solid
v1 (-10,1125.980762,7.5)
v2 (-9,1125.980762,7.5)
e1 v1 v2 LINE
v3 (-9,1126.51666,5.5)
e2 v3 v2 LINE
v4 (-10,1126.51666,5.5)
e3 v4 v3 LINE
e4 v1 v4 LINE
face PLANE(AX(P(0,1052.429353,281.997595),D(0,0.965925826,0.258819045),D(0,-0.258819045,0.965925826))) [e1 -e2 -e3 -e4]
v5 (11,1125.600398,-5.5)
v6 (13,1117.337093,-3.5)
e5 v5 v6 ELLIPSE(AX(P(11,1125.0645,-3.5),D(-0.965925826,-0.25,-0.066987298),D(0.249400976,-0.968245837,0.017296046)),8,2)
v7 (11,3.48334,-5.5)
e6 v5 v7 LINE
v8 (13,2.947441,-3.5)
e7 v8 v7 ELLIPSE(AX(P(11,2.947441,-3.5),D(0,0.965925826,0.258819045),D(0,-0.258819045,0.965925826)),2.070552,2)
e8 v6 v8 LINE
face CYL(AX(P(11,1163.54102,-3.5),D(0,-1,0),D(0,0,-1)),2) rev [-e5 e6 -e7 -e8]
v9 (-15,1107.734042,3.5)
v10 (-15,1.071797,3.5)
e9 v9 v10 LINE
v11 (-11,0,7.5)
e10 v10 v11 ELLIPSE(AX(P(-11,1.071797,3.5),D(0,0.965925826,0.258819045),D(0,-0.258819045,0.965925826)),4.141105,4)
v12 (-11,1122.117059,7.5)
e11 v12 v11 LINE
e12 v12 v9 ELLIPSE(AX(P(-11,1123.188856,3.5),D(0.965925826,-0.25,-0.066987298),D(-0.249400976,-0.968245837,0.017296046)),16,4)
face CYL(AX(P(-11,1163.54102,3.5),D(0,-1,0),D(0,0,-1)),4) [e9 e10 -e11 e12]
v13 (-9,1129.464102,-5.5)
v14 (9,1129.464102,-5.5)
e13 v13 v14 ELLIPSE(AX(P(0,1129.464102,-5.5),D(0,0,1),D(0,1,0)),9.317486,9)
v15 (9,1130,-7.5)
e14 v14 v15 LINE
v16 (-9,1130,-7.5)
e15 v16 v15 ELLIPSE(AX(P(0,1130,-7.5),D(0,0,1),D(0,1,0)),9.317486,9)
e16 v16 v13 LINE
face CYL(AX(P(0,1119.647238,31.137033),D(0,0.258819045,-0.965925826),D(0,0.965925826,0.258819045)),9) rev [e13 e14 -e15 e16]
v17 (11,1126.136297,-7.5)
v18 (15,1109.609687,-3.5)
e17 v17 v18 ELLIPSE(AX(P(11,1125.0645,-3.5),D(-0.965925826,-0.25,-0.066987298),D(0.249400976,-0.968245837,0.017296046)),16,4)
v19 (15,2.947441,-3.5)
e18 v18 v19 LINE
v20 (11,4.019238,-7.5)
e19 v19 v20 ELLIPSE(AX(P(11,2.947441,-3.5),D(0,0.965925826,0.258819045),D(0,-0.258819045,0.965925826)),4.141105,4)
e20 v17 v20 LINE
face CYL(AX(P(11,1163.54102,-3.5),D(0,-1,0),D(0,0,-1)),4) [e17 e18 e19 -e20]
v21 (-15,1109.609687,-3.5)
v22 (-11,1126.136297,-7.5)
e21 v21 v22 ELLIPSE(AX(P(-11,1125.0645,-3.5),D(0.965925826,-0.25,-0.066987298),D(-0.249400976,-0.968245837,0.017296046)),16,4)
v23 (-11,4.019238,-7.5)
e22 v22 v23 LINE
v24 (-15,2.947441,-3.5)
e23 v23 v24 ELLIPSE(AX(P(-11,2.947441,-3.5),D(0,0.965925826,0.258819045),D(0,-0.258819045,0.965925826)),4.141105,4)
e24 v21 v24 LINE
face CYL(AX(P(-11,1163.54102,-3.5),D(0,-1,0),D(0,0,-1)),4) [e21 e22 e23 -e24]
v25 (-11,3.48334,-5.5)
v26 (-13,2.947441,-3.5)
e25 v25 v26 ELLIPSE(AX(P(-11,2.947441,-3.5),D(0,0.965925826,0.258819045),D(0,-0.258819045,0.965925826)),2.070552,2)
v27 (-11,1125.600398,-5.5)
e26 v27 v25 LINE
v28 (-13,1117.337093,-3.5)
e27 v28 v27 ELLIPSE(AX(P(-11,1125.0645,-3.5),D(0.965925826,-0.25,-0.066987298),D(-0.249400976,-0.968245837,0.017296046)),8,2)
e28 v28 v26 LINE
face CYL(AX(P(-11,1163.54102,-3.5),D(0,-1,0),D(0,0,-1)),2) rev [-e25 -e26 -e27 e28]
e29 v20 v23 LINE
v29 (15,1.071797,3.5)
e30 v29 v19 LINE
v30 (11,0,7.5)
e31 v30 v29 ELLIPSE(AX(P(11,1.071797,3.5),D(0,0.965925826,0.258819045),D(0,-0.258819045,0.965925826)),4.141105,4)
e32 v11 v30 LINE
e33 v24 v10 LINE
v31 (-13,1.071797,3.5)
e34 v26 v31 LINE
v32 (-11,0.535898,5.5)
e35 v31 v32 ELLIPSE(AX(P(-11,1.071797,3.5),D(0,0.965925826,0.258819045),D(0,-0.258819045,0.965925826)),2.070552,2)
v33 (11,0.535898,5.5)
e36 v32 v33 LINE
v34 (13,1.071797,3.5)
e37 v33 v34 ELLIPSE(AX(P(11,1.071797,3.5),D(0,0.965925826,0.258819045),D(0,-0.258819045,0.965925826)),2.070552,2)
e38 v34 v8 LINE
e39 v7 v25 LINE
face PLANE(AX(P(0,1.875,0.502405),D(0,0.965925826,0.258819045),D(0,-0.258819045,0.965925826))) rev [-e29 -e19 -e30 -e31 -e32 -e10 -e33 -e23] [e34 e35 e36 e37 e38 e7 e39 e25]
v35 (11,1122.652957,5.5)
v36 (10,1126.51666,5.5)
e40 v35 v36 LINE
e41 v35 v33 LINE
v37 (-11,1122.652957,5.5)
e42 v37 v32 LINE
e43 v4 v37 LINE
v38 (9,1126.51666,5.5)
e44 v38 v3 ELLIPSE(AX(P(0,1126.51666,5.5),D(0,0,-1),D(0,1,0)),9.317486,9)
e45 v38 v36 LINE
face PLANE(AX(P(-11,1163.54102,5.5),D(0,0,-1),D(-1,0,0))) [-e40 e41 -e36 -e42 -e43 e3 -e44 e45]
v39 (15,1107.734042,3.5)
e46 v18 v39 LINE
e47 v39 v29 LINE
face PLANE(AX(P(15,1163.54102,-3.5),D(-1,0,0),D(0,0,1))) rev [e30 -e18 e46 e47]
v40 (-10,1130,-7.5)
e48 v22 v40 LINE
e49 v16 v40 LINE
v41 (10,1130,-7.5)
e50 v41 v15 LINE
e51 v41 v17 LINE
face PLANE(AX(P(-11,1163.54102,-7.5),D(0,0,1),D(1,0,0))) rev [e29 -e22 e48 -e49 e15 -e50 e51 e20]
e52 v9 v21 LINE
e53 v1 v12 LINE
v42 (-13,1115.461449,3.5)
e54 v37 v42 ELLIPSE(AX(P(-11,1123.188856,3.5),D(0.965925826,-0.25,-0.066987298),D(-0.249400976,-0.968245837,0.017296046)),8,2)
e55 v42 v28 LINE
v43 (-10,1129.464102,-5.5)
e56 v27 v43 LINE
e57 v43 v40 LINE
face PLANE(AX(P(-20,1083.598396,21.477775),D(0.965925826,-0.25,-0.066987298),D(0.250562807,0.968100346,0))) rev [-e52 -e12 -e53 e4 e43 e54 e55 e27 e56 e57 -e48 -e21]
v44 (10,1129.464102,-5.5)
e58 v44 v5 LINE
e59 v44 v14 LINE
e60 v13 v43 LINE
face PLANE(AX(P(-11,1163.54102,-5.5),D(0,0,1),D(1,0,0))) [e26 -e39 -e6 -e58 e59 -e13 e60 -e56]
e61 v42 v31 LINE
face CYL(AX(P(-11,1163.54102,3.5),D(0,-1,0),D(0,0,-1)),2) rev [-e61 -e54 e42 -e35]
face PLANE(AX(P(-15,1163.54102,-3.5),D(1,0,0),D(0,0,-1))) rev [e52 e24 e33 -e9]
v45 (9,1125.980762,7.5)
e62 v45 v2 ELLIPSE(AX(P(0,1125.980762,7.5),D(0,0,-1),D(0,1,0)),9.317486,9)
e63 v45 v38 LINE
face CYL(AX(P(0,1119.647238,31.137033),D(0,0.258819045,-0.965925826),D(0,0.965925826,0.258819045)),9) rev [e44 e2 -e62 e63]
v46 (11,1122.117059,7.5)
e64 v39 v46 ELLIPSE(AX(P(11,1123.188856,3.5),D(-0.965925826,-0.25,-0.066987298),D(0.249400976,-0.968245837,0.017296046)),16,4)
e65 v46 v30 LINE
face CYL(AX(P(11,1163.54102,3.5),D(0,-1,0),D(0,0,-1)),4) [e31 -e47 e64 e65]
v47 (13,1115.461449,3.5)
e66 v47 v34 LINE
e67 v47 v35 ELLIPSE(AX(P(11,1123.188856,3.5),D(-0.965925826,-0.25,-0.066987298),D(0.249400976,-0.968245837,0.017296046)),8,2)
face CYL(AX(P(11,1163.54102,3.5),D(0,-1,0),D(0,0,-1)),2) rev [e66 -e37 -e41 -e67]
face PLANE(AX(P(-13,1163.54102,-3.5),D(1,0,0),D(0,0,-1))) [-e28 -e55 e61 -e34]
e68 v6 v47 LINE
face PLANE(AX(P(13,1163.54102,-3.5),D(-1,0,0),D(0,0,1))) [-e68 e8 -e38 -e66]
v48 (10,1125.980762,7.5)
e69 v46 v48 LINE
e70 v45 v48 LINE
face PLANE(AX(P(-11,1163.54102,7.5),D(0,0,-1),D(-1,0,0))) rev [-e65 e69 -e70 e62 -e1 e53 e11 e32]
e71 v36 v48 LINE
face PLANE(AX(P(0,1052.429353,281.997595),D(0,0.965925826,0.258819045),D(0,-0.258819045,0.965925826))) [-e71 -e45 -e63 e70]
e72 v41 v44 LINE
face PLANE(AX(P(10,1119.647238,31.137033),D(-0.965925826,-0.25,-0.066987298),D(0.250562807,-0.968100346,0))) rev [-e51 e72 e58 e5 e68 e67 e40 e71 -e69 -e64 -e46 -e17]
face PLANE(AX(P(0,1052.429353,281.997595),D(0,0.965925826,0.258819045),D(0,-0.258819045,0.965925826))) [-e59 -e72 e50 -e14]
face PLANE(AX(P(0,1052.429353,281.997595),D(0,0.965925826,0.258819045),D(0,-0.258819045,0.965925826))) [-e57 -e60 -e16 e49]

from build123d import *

# Parameters (mm, degrees)
EXTRUDE_1_DEPTH     = 1130
CUT_EXTRUDE_1_DEPTH = 40


with BuildPart() as part:
    # Эскиз1 → Вытянуть-Тонкостенный1 (new body)
    with BuildSketch(Plane(origin=(0, 0, 0), x_dir=(1, 0, 0), z_dir=(0, 1, 0))):
        with BuildLine():
            Line((-11, 7.5), (11, 7.5))
            ThreePointArc((11, 7.5), (13.828427125, 6.328427125), (15, 3.5))
            Line((15, 3.5), (15, -3.5))
            ThreePointArc((15, -3.5), (13.828427125, -6.328427125), (11, -7.5))
            Line((11, -7.5), (-11, -7.5))
            ThreePointArc((-11, -7.5), (-13.828427125, -6.328427125), (-15, -3.5))
            Line((-15, -3.5), (-15, 3.5))
            ThreePointArc((-15, 3.5), (-13.828427125, 6.328427125), (-11, 7.5))
        make_face()
        with BuildLine():
            Line((-11, 5.5), (11, 5.5))
            ThreePointArc((11, 5.5), (12.414213562, 4.914213562), (13, 3.5))
            Line((13, 3.5), (13, -3.5))
            ThreePointArc((13, -3.5), (12.414213562, -4.914213562), (11, -5.5))
            Line((11, -5.5), (-11, -5.5))
            ThreePointArc((-11, -5.5), (-12.414213562, -4.914213562), (-13, -3.5))
            Line((-13, -3.5), (-13, 3.5))
            ThreePointArc((-13, 3.5), (-12.414213562, 4.914213562), (-11, 5.5))
        make_face(mode=Mode.SUBTRACT)
    extrude(amount=EXTRUDE_1_DEPTH)

    # Surface Cut 2
    split(bisect_by=Plane(origin=(0, 1052.429353138, 281.997595264), x_dir=(-1, 0, 0), z_dir=(0, 0.9659258262890681, 0.25881904510252135)), keep=Keep.BOTTOM)

    # Эскиз4 → Вырез-Вытянуть1 (cut)
    with BuildSketch(Plane(origin=(0, 77.570646862, -289.497595264), x_dir=(-1, 0, 0), z_dir=(0, 0.25881904510252135, -0.9659258262890681))):
        with BuildLine():
            Line((-9, 1089.555040868), (-10, 1089.555040868))
            Line((-10, 1089.555040868), (-20, 1052.234532793))
            Line((-20, 1052.234532793), (-20, 1094.555040868))
            Line((-20, 1094.555040868), (20, 1094.555040868))
            Line((20, 1094.555040868), (20, 1052.234532793))
            Line((20, 1052.234532793), (10, 1089.555040868))
            Line((10, 1089.555040868), (9, 1089.555040868))
            ThreePointArc((9, 1089.555040868), (0, 1080.555040868), (-9, 1089.555040868))
        make_face()
    extrude(amount=-CUT_EXTRUDE_1_DEPTH, mode=Mode.SUBTRACT)

    # Surface Cut 3
    split(bisect_by=Plane(origin=(0, 1.875, 0.502404736), x_dir=(1, 0, 0), z_dir=(0, 0.9659258262890691, 0.25881904510251796)), keep=Keep.TOP)


solid = part.part
